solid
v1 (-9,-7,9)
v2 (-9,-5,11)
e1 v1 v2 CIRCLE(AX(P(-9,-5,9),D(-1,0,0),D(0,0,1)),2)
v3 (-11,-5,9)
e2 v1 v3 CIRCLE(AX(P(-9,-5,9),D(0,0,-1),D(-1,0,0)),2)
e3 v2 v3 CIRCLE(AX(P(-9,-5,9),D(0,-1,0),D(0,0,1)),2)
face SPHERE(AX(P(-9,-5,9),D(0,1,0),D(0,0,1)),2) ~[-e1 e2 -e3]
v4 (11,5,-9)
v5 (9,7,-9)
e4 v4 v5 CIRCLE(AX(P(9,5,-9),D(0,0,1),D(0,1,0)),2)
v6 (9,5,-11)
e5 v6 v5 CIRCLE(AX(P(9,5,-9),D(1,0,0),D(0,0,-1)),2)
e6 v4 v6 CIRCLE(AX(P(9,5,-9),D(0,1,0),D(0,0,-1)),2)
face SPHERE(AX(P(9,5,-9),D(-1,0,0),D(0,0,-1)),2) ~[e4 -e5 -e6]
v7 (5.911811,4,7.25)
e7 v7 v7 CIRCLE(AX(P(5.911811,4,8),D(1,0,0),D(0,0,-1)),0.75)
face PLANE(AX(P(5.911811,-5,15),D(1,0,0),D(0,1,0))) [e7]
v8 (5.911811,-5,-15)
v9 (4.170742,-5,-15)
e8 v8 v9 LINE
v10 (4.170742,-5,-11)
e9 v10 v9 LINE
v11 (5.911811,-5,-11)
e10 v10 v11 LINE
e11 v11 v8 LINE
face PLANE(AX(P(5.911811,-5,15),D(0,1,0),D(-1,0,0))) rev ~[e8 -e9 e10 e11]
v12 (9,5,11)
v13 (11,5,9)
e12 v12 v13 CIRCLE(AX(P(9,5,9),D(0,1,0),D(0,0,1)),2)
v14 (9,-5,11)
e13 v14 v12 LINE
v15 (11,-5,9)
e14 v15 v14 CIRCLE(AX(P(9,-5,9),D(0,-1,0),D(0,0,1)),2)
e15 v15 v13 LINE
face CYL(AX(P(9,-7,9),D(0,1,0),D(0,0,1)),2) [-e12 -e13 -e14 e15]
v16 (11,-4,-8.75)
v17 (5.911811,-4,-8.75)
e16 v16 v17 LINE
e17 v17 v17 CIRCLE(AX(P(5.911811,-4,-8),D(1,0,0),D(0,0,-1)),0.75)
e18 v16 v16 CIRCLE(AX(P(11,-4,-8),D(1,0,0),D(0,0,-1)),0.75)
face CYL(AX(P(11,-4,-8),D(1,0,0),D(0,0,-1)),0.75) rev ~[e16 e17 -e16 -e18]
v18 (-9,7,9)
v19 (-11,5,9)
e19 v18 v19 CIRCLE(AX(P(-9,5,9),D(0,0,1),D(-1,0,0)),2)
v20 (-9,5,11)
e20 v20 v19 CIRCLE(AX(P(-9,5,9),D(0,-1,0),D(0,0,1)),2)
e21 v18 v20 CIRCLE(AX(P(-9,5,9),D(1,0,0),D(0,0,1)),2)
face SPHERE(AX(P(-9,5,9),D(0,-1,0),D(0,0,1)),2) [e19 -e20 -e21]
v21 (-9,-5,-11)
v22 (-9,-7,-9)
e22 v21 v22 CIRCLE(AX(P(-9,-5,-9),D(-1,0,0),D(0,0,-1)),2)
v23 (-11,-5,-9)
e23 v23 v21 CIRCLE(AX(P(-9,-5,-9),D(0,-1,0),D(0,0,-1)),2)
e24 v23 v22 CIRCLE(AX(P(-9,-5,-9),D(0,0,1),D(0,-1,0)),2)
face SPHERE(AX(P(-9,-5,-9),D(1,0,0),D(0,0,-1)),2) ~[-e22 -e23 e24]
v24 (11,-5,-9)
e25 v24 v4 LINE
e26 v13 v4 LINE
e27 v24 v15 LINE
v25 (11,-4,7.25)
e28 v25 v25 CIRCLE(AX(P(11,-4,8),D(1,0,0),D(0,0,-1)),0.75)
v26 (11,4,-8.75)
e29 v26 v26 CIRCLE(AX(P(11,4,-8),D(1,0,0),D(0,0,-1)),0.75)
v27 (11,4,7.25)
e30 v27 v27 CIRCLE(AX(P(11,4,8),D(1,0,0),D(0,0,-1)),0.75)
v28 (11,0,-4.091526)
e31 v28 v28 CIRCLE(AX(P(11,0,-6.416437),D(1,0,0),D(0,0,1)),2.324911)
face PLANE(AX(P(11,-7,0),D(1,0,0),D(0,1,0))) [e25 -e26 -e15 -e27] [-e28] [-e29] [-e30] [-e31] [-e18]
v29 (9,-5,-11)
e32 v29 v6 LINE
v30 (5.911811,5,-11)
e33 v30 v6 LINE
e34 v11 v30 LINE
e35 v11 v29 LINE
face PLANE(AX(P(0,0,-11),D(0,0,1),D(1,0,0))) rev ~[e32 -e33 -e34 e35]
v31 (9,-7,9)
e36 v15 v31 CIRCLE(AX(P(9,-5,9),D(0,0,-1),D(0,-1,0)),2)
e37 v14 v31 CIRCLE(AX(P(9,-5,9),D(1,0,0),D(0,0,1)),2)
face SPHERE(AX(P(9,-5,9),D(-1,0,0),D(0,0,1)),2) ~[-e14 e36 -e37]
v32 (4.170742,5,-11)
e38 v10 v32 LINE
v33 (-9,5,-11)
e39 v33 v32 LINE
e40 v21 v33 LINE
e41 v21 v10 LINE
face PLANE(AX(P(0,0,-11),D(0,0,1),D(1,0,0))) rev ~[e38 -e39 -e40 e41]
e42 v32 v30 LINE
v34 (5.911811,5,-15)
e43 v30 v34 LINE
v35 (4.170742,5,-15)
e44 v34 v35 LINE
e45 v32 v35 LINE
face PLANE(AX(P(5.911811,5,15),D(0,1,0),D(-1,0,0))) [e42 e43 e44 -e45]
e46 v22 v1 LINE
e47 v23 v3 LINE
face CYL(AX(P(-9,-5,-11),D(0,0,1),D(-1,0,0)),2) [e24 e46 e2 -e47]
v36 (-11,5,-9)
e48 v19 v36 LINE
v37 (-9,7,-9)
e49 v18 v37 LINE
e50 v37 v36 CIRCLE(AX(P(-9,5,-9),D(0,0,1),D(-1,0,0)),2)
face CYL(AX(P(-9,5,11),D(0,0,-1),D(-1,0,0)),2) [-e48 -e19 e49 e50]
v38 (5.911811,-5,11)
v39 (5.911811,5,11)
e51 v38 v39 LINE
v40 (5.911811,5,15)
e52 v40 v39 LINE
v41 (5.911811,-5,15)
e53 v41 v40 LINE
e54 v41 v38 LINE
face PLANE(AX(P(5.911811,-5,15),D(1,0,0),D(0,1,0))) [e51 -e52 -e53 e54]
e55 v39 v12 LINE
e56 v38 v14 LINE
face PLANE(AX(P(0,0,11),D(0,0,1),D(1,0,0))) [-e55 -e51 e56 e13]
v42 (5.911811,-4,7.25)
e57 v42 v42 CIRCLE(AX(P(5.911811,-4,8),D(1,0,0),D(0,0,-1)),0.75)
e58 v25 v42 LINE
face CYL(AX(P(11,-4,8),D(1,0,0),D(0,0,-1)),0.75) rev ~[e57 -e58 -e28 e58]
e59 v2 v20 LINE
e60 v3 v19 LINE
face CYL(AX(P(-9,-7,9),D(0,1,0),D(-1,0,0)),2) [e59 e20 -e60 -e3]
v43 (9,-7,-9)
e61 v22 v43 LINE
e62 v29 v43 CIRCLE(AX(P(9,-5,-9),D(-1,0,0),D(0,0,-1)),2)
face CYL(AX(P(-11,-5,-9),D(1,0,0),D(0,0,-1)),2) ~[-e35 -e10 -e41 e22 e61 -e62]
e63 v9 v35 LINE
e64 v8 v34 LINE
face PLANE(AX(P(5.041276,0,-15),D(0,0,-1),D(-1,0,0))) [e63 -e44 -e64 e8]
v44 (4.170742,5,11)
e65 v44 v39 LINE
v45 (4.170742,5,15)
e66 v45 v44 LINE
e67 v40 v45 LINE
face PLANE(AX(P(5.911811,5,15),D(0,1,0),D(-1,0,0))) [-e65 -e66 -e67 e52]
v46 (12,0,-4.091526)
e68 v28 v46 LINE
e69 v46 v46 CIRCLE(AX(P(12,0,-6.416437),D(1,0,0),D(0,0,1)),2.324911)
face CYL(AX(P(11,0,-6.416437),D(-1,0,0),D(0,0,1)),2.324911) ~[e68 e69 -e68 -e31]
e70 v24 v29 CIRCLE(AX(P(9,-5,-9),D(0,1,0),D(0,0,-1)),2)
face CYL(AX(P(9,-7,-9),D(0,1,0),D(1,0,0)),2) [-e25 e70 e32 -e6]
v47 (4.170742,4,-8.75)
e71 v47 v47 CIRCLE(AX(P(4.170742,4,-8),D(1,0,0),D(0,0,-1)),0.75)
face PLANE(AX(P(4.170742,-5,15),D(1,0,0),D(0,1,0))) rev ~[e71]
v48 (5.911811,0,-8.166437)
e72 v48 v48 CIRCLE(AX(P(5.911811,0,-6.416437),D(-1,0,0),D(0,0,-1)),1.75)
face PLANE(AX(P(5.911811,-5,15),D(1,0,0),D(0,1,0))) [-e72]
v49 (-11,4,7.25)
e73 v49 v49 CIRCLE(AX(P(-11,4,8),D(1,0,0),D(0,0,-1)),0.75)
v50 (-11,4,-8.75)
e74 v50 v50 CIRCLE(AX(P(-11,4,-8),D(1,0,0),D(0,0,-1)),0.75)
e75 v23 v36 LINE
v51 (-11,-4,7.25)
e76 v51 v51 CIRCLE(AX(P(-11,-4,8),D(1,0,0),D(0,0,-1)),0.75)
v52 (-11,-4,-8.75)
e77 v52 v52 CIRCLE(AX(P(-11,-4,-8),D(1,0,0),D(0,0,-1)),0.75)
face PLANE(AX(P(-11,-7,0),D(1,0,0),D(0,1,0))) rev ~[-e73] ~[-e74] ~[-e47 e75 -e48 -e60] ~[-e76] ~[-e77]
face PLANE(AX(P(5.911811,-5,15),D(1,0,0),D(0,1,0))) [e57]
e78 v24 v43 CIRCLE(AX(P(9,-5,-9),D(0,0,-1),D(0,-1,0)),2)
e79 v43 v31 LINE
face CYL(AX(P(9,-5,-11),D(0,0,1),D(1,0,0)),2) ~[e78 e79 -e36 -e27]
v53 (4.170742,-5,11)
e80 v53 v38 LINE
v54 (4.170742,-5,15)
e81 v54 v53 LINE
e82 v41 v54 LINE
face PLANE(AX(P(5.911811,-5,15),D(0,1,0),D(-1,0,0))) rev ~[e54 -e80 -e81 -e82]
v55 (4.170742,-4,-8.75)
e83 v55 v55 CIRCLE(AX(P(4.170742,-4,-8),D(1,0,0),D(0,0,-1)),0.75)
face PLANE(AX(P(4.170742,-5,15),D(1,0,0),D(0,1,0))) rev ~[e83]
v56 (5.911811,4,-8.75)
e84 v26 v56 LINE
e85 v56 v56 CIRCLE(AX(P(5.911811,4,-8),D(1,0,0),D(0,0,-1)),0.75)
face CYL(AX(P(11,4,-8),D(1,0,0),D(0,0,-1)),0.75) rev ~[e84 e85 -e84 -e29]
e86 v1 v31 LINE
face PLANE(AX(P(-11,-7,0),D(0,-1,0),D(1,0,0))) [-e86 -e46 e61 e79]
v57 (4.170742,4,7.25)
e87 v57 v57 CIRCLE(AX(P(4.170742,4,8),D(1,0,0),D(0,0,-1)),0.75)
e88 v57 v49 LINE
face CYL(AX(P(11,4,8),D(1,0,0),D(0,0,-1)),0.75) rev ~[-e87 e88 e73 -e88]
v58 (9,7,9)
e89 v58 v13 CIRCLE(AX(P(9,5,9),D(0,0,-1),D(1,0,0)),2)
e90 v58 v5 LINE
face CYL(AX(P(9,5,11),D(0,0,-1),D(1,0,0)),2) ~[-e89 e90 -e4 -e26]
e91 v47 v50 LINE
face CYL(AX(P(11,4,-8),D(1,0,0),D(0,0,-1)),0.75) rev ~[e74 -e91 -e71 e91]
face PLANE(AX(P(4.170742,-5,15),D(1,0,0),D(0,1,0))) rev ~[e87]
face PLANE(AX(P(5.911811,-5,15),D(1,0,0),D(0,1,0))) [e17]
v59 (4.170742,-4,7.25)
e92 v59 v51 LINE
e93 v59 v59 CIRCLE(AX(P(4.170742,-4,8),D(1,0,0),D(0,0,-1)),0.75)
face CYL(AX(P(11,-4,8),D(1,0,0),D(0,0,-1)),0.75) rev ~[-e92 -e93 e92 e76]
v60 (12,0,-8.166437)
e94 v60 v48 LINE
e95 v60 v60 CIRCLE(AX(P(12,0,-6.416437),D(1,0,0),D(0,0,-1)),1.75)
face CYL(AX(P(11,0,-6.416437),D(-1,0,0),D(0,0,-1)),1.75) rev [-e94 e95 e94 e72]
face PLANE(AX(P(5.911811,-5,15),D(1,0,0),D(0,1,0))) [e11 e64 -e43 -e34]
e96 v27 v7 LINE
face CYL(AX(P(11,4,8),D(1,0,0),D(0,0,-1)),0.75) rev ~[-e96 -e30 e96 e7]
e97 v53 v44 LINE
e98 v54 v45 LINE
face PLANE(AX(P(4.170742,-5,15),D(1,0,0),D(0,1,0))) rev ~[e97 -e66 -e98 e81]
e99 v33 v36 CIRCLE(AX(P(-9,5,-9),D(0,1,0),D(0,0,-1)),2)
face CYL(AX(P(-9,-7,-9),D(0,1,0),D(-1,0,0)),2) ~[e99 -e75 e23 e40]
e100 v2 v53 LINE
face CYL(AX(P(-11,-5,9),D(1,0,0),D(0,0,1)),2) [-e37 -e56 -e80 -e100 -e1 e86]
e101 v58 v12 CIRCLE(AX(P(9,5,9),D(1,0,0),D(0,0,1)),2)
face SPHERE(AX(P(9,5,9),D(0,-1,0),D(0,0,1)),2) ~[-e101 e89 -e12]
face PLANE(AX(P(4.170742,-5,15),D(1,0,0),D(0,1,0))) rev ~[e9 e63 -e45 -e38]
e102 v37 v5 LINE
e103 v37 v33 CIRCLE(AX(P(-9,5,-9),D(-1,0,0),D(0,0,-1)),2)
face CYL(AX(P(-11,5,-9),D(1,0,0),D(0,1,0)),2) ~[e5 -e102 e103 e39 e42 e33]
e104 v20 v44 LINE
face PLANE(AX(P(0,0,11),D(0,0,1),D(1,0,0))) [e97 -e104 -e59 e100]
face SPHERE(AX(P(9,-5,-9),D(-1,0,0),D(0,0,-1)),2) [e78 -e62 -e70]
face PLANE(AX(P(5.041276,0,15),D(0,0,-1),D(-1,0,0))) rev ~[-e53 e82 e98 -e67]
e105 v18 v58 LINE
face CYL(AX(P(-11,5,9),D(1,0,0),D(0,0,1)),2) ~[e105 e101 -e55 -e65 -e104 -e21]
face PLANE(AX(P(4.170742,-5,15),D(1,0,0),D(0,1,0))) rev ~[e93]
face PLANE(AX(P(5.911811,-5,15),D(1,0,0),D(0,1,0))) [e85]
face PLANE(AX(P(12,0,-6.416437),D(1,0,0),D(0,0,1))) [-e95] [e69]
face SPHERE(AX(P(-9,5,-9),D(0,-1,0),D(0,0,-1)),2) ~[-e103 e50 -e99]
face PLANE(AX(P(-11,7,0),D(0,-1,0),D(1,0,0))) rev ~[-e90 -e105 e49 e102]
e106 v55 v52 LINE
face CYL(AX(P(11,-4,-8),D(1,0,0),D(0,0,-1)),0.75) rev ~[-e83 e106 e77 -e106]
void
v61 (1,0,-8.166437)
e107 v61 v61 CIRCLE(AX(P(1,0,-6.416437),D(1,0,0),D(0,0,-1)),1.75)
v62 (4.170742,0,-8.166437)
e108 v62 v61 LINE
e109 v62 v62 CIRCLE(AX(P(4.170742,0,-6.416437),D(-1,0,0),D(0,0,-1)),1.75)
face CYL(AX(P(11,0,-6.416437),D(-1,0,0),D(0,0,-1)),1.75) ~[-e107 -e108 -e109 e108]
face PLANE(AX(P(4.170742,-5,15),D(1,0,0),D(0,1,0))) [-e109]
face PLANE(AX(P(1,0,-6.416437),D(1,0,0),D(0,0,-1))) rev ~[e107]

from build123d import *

# Parameters (mm, degrees)
SKETCH1_W                = 22
SKETCH1_H                = 14
BOSS_EXTRUDE1_DEPTH      = 11
FILLET1_R                = 2
SKETCH4_R                = 0.75
CUT_EXTRUDE1_DEPTH       = 28
SKETCH5_R                = 2.324910534
SKETCH5_R_2              = 1.75
BOSS_EXTRUDE2_DEPTH      = 1
CUT_EXTRUDE2_START       = -10
SKETCH5_2_R              = 1.75
CUT_EXTRUDE2_DEPTH       = 10
BOSS_EXTRUDE3_DEPTH      = 4
BOSS_EXTRUDE3_DEPTH_BACK = 26
SKETCH6_W                = 1.741069399
SKETCH6_H                = 10


with BuildPart() as part:
    # Sketch1 → Boss-Extrude1 (new, symmetric)
    with BuildSketch(Plane.XY):
        Rectangle(SKETCH1_W, SKETCH1_H)
    extrude(amount=BOSS_EXTRUDE1_DEPTH, both=True)

    # Fillet1
    fillet1_edges = [part.edges().sort_by_distance(p)[0] for p in [
        (-11, 0, 11),
        (0, -7, 11),
        (11, 0, 11),
        (0, -7, -11),
        (-11, 0, -11),
        (0, 7, -11),
        (11, 0, -11),
        (0, 7, 11),
        (11, -7, 0),
        (-11, -7, 0),
        (-11, 7, 0),
        (11, 7, 0),
    ]]
    fillet(fillet1_edges, radius=FILLET1_R)

    # Sketch4 → Cut-Extrude1 (cut)
    with BuildSketch(Plane(origin=(11, 0, 0), x_dir=(0, 0, -1), z_dir=(1, 0, 0))):
        with Locations((-8, 4)):
            Circle(SKETCH4_R)
        with Locations((-8, -4)):
            Circle(SKETCH4_R)
        with Locations((8, -4)):
            Circle(SKETCH4_R)
        with Locations((8, 4)):
            Circle(SKETCH4_R)
    extrude(amount=-CUT_EXTRUDE1_DEPTH, mode=Mode.SUBTRACT)

    # Sketch5 → Boss-Extrude2 (add)
    with BuildSketch(Plane(origin=(11, 0, 0), x_dir=(0, 0, -1), z_dir=(1, 0, 0))):
        with Locations(Location((6.416436668, 0, 0), (0, 0, 180))):
            Circle(SKETCH5_R)
        with Locations((6.416436668, 0)):
            Circle(SKETCH5_R_2, mode=Mode.SUBTRACT)
    extrude(amount=BOSS_EXTRUDE2_DEPTH)

    # Sketch5<2> → Cut-Extrude2 (cut)
    with BuildSketch(Plane(origin=(11, 0, 0), x_dir=(0, 0, -1), z_dir=(1, 0, 0)).offset(CUT_EXTRUDE2_START)):
        with Locations((6.416436668, 0)):
            Circle(SKETCH5_2_R)
    extrude(amount=CUT_EXTRUDE2_DEPTH, mode=Mode.SUBTRACT)

    # Sketch6 → Boss-Extrude3 (add, two sides: drawn at the far end of the back side and taken through both)
    with BuildSketch(Plane(origin=(0, 0, -11), x_dir=(-1, 0, 0), z_dir=(0, 0, -1)).offset(-BOSS_EXTRUDE3_DEPTH_BACK)):
        with Locations((-5.041276298, 0)):
            Rectangle(SKETCH6_W, SKETCH6_H)
    extrude(amount=BOSS_EXTRUDE3_DEPTH + BOSS_EXTRUDE3_DEPTH_BACK)


solid = part.part
